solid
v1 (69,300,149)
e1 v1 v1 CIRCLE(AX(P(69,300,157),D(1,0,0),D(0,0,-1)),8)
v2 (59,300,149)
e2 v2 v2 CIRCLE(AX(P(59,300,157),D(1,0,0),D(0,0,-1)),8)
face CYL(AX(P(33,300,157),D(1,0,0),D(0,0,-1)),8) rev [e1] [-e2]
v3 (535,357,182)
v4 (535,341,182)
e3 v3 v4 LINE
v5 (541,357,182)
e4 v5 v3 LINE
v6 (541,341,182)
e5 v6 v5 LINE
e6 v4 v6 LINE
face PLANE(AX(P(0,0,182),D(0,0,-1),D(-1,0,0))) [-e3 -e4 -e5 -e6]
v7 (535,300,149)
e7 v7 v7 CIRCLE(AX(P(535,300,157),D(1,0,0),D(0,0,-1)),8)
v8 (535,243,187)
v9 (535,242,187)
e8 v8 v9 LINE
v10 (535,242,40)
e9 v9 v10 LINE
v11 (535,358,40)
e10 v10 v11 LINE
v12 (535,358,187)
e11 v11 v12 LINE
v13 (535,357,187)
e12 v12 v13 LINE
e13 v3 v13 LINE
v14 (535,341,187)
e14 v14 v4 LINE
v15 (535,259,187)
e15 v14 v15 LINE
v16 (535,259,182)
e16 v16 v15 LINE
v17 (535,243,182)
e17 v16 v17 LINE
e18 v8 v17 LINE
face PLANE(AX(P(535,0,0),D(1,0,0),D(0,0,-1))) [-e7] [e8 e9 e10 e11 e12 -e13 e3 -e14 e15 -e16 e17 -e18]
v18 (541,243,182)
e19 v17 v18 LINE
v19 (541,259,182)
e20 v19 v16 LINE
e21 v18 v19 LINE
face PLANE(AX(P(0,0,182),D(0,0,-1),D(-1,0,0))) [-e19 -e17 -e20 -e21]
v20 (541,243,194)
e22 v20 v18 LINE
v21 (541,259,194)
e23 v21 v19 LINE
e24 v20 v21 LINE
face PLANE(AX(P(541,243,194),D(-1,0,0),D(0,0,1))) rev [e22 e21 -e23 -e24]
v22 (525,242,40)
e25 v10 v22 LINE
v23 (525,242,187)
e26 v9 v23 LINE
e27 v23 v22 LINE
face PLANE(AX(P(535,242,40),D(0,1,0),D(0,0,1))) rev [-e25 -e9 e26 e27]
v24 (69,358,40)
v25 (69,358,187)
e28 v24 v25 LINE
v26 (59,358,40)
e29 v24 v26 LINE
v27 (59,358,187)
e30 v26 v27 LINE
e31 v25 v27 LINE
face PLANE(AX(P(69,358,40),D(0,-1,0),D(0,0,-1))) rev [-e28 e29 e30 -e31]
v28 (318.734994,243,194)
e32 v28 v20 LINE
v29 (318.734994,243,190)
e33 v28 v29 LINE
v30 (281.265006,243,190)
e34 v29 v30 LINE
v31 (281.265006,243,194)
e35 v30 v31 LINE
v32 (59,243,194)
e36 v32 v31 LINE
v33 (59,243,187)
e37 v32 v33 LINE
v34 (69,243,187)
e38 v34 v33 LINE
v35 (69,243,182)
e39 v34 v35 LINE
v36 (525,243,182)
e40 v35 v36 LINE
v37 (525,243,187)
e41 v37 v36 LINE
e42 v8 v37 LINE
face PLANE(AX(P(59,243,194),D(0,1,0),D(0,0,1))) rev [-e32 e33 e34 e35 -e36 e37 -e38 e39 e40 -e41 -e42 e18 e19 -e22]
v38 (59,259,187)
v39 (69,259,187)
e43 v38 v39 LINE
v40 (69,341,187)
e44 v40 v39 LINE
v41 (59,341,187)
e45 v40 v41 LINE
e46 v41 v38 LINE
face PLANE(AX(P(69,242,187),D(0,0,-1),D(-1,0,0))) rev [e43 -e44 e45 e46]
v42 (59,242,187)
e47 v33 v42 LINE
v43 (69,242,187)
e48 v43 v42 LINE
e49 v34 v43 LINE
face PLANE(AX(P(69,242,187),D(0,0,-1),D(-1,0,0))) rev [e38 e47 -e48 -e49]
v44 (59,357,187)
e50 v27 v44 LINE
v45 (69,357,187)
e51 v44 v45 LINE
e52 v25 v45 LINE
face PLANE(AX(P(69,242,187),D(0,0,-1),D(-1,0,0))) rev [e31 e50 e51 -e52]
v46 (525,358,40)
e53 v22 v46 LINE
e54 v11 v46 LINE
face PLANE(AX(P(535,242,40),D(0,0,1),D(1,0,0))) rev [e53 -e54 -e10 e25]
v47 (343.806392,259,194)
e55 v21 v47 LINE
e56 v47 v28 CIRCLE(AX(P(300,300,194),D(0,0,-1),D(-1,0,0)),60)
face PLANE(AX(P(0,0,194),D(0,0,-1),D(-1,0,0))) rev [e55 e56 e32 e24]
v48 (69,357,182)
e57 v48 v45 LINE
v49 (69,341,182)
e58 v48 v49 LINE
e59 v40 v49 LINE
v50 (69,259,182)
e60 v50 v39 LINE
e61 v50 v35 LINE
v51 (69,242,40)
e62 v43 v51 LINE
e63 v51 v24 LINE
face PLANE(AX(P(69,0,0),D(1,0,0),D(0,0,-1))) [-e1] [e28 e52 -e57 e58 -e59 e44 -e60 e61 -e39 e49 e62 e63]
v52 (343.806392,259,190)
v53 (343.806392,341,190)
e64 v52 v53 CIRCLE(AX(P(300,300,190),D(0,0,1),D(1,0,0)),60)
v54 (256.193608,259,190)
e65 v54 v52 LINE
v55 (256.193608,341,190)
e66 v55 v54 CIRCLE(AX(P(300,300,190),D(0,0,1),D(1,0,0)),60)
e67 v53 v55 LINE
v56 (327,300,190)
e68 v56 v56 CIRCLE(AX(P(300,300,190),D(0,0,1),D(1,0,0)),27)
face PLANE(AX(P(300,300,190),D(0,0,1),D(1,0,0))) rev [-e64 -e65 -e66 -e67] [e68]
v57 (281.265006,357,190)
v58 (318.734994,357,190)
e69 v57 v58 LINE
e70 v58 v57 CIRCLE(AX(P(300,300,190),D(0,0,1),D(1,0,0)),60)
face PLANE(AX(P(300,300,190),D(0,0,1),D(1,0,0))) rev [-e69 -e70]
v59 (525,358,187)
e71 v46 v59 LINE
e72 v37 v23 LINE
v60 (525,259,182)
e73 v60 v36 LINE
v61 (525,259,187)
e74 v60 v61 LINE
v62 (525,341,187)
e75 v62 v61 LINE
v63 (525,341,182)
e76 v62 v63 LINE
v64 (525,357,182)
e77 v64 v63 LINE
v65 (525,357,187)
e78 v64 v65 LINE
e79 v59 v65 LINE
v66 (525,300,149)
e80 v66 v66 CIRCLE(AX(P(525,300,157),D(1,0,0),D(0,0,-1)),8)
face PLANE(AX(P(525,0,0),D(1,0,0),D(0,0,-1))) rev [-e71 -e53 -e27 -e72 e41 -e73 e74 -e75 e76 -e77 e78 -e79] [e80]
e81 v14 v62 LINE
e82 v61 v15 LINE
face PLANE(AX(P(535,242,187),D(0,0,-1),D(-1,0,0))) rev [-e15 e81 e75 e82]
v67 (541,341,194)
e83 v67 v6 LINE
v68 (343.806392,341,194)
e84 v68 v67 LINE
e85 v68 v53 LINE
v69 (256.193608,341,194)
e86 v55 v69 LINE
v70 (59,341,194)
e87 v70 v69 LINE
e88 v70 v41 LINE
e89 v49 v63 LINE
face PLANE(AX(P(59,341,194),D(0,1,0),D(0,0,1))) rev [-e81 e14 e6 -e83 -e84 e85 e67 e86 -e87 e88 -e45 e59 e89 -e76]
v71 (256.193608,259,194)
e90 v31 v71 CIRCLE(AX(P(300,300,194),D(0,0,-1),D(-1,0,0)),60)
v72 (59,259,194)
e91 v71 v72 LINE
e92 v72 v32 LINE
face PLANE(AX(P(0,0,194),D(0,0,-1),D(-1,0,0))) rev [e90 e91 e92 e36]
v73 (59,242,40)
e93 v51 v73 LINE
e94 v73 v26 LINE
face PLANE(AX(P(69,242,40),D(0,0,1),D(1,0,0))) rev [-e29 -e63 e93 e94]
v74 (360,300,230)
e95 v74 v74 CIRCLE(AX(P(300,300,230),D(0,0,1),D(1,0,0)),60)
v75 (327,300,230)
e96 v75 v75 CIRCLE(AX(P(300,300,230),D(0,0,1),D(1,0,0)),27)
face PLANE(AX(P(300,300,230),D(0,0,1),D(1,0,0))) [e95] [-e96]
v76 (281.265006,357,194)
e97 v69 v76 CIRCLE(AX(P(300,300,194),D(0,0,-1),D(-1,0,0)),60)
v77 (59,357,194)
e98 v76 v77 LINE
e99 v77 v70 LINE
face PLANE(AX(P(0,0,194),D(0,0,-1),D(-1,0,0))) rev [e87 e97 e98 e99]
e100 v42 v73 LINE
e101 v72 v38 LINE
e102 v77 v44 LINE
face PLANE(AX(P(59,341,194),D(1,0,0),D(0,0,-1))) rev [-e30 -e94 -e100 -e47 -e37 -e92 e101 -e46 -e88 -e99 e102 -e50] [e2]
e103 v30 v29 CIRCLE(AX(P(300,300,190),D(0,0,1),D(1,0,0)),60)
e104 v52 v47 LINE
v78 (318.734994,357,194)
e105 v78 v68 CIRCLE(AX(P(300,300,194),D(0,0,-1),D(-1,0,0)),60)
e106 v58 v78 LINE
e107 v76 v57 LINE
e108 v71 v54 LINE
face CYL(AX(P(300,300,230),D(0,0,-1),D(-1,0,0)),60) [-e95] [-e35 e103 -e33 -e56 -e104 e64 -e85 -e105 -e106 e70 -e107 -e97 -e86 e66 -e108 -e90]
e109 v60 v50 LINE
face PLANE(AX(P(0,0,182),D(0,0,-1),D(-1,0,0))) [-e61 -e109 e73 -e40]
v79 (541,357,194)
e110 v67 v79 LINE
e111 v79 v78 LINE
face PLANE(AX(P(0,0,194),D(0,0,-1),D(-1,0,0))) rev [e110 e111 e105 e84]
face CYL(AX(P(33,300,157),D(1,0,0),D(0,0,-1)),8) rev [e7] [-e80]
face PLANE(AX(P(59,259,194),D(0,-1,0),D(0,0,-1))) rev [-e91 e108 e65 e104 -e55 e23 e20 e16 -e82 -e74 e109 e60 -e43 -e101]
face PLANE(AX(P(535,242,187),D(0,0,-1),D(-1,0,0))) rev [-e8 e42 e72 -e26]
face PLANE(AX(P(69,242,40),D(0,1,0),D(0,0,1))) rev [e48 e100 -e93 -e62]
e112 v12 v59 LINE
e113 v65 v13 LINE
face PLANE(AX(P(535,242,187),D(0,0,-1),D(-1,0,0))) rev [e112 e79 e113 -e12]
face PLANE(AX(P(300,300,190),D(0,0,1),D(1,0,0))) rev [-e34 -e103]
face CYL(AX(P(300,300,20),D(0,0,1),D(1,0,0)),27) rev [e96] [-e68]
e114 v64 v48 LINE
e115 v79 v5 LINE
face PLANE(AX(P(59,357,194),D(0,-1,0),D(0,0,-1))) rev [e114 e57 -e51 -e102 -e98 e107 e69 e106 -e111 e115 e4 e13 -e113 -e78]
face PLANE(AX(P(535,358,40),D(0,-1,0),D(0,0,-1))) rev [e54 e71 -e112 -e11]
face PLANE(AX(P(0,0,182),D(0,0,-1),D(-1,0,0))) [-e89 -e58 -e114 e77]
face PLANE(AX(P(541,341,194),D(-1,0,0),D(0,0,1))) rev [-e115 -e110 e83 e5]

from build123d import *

# Parameters (mm, degrees)
SKETCH1_R           = 60
BOSS_EXTRUDE1_DEPTH = 40
SKETCH2_W           = 482
SKETCH2_H           = 16
BOSS_EXTRUDE2_DEPTH = 12
SKETCH3_W           = 482
SKETCH3_H           = 16
BOSS_EXTRUDE3_DEPTH = 12
SKETCH4_W           = 147
SKETCH4_H           = 116
BOSS_EXTRUDE4_DEPTH = 10
SKETCH5_W           = 147
SKETCH5_H           = 116
BOSS_EXTRUDE5_DEPTH = 10
SKETCH6_R           = 27
CUT_EXTRUDE1_DEPTH  = 210
SKETCH7_R           = 8
CUT_EXTRUDE2_DEPTH  = 502


with BuildPart() as part:
    # Sketch1 → Boss-Extrude1 (new body)
    with BuildSketch(Plane.XY.offset(190)):
        with Locations((300, 300)):
            Circle(SKETCH1_R)
    extrude(amount=BOSS_EXTRUDE1_DEPTH)

    # Sketch2 → Boss-Extrude2 (add)
    with BuildSketch(Plane.XY.offset(182)):
        with Locations((300, 349)):
            Rectangle(SKETCH2_W, SKETCH2_H)
    extrude(amount=BOSS_EXTRUDE2_DEPTH)

    # Sketch3 → Boss-Extrude3 (add)
    with BuildSketch(Plane.XY.offset(182)):
        with Locations((300, 251)):
            Rectangle(SKETCH3_W, SKETCH3_H)
    extrude(amount=BOSS_EXTRUDE3_DEPTH)

    # Sketch4 → Boss-Extrude4 (add)
    with BuildSketch(Plane(origin=(525, 0, 0), x_dir=(0, 0, -1), z_dir=(1, 0, 0))):
        with Locations((-113.5, 300)):
            Rectangle(SKETCH4_W, SKETCH4_H)
    extrude(amount=BOSS_EXTRUDE4_DEPTH)

    # Sketch5 → Boss-Extrude5 (add)
    with BuildSketch(Plane(origin=(59, 0, 0), x_dir=(0, 0, -1), z_dir=(1, 0, 0))):
        with Locations((-113.5, 300)):
            Rectangle(SKETCH5_W, SKETCH5_H)
    extrude(amount=BOSS_EXTRUDE5_DEPTH)

    # Sketch6 → Cut-Extrude1 (cut)
    with BuildSketch(Plane.XY.offset(230)):
        with Locations((300, 300)):
            Circle(SKETCH6_R)
    extrude(amount=-CUT_EXTRUDE1_DEPTH, mode=Mode.SUBTRACT)

    # Sketch7 → Cut-Extrude2 (cut)
    with BuildSketch(Plane(origin=(535, 0, 0), x_dir=(0, 0, -1), z_dir=(1, 0, 0))):
        with Locations((-157, 300)):
            Circle(SKETCH7_R)
    extrude(amount=-CUT_EXTRUDE2_DEPTH, mode=Mode.SUBTRACT)


solid = part.part
